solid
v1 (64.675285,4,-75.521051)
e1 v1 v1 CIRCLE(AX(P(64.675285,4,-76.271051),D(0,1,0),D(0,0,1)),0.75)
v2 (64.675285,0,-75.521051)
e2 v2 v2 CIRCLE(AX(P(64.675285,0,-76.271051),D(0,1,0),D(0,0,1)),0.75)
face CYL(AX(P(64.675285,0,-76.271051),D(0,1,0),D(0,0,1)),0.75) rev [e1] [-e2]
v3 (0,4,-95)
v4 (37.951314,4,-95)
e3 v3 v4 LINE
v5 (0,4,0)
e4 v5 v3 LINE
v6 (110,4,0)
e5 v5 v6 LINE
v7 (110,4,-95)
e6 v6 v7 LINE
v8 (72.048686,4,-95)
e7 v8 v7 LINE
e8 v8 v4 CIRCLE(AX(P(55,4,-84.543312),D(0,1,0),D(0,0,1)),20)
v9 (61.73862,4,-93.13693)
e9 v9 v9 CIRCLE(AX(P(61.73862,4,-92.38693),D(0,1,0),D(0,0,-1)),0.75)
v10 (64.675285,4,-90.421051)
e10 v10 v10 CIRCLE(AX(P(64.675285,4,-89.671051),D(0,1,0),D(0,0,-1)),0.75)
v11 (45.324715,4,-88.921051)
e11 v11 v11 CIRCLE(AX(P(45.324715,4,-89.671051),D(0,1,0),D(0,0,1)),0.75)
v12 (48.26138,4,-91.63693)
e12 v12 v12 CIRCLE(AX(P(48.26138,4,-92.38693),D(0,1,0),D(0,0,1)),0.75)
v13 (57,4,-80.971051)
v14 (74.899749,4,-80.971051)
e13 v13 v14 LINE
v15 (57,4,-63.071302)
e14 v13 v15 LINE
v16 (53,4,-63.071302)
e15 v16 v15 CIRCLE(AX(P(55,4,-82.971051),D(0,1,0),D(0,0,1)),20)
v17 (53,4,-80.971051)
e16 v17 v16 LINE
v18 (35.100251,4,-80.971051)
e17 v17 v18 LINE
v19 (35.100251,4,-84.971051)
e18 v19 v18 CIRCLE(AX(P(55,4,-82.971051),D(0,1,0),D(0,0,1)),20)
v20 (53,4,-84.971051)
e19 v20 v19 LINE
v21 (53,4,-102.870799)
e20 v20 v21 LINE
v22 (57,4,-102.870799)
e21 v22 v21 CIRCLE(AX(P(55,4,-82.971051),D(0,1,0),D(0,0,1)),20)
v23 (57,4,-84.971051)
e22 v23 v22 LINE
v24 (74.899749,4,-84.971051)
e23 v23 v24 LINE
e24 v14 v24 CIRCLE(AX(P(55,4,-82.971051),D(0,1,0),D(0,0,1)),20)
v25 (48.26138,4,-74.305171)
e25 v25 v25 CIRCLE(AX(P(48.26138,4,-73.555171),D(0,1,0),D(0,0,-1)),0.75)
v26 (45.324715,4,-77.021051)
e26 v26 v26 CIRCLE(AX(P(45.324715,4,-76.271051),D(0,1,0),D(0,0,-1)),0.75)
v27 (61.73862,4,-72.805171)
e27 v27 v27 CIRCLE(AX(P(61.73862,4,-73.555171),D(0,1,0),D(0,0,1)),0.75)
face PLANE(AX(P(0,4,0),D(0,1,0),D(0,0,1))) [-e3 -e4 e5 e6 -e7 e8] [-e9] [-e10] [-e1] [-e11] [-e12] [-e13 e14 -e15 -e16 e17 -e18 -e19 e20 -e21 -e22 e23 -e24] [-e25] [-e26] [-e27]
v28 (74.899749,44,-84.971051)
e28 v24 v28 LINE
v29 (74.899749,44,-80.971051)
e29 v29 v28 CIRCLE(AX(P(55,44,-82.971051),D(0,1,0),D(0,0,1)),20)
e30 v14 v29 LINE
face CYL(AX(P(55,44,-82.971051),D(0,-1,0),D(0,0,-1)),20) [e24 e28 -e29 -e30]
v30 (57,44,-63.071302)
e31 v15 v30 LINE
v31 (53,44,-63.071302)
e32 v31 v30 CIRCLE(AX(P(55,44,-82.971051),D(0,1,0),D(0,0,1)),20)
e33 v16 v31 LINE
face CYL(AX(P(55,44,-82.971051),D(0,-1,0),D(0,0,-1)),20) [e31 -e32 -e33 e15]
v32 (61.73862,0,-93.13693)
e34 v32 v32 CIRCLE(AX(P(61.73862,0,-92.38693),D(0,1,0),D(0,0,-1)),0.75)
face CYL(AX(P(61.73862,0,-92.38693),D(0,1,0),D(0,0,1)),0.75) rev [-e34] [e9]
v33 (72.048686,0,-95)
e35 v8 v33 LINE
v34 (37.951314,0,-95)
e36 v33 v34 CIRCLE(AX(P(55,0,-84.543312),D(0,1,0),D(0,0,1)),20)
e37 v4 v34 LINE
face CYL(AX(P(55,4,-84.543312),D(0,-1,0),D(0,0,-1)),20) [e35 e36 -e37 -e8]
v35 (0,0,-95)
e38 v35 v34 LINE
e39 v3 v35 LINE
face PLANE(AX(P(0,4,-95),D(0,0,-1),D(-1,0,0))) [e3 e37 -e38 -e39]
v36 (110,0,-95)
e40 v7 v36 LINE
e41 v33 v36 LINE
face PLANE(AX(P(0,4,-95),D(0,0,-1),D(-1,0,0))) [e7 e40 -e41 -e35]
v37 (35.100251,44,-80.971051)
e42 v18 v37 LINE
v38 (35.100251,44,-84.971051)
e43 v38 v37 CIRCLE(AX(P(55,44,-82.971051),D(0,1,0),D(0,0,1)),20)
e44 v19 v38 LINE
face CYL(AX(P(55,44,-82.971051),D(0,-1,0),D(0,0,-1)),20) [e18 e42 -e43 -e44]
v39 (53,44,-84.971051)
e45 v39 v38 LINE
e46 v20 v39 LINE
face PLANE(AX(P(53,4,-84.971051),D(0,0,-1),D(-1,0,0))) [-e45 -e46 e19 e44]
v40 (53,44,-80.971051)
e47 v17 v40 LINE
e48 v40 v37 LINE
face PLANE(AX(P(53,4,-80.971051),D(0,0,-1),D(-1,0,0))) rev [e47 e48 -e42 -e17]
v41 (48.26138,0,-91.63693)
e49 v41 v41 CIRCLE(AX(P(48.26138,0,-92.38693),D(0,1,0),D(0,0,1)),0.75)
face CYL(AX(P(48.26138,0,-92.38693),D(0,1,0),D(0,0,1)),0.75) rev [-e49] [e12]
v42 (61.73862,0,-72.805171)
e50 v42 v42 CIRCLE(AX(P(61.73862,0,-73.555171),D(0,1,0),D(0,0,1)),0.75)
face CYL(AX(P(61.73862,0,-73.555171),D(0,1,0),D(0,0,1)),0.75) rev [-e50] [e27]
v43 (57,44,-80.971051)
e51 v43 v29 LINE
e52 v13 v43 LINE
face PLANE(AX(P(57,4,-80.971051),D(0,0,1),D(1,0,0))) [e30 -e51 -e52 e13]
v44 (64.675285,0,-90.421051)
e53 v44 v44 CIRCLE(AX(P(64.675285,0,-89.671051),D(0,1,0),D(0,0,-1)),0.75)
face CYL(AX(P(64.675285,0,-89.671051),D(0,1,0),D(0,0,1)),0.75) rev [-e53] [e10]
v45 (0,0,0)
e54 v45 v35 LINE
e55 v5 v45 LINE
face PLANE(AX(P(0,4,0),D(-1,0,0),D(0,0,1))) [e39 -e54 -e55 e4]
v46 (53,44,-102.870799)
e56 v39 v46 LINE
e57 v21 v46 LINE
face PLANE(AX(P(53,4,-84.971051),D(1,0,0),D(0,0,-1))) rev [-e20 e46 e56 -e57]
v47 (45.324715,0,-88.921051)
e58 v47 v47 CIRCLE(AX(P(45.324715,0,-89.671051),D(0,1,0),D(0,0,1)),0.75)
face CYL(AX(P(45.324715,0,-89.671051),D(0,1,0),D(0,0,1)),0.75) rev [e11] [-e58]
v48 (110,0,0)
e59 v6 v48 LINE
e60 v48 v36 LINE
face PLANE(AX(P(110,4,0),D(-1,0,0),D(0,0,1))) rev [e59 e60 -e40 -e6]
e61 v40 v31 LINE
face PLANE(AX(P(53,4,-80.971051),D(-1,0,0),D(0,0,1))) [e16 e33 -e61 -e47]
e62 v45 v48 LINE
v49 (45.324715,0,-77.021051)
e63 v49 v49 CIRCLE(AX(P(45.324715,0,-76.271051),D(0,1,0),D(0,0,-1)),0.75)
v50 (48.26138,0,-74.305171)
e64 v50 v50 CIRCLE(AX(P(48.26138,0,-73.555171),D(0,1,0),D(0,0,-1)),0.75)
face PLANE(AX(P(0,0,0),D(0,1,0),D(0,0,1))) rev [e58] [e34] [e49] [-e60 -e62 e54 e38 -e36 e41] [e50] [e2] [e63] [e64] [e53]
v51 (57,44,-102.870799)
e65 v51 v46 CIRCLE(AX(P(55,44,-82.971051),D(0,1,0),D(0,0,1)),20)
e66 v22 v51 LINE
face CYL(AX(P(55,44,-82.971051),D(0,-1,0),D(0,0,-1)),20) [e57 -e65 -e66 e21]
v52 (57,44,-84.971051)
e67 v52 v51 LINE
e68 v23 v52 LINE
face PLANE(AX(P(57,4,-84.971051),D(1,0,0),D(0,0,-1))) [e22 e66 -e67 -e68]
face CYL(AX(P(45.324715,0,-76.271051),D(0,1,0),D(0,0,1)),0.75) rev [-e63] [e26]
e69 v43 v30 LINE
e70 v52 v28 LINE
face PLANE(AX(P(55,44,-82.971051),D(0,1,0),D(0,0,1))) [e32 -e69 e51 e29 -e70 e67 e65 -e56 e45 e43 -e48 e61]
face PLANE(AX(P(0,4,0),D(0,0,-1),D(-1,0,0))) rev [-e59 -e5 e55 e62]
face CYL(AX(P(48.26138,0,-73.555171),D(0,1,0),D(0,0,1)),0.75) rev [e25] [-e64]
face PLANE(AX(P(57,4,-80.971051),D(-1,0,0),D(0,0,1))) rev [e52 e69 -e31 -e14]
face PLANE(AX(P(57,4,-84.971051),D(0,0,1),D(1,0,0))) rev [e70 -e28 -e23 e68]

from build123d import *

# Parameters (mm, degrees)
BOSS_EXTRUDE4_DEPTH = 4
SKETCH3_R           = 20
BOSS_EXTRUDE5_DEPTH = 40
SKETCH4_W           = 38.356352869
SKETCH4_H           = 36.352662793
SKETCH4_W_2         = 41.648129421
SKETCH4_H_2         = 27.192936736
SKETCH4_W_3         = 57.677650023
SKETCH4_H_3         = 26.910385372
SKETCH4_W_4         = 38.070111429
SKETCH4_H_4         = 39.361887981
CUT_EXTRUDE5_DEPTH  = 40
SKETCH7_R           = 0.75
CUT_EXTRUDE6_DEPTH  = 5


with BuildPart() as part:
    # Sketch2 → Boss-Extrude4 (new body)
    with BuildSketch(Plane(origin=(0, 0, 0), x_dir=(1, 0, 0), z_dir=(0, 1, 0))):
        with BuildLine():
            Line((0, 95), (0, 0))
            Line((0, 0), (110, 0))
            Line((110, 0), (110, 95))
            Line((110, 95), (72.04868569, 95))
            ThreePointArc((72.04868569, 95), (55, 104.543312367), (37.95131431, 95))
            Line((37.95131431, 95), (0, 95))
        make_face()
    extrude(amount=BOSS_EXTRUDE4_DEPTH)

    # Sketch3 → Boss-Extrude5 (add)
    with BuildSketch(Plane(origin=(0, 4, 0), x_dir=(1, 0, 0), z_dir=(0, 1, 0))):
        with Locations((55, 82.97105055)):
            Circle(SKETCH3_R)
    extrude(amount=BOSS_EXTRUDE5_DEPTH)

    # Sketch4 → Cut-Extrude5 (cut)
    with BuildSketch(Plane(origin=(0, 44, 0), x_dir=(1, 0, 0), z_dir=(0, 1, 0))):
        with Locations((33.821823565, 62.794719153)):
            Rectangle(SKETCH4_W, SKETCH4_H)
        with Locations((32.17593529, 98.567518918)):
            Rectangle(SKETCH4_W_2, SKETCH4_H_2)
        with Locations((85.838825012, 98.426243236)):
            Rectangle(SKETCH4_W_3, SKETCH4_H_3)
        with Locations((76.035055715, 61.29010656)):
            Rectangle(SKETCH4_W_4, SKETCH4_H_4)
    extrude(amount=-CUT_EXTRUDE5_DEPTH, mode=Mode.SUBTRACT)

    # Sketch7 → Cut-Extrude6 (cut, through all)
    with BuildSketch(Plane(origin=(0, 4, 0), x_dir=(1, 0, 0), z_dir=(0, 1, 0))):
        with Locations((45.324714989, 89.67105055)):
            Circle(SKETCH7_R)
        with Locations((48.261379546, 92.386930017)):
            Circle(SKETCH7_R)
        with Locations((61.738620454, 92.386930017)):
            Circle(SKETCH7_R)
        with Locations((64.675285011, 89.67105055)):
            Circle(SKETCH7_R)
        with Locations((64.675285011, 76.27105055)):
            Circle(SKETCH7_R)
        with Locations((61.738620454, 73.555171083)):
            Circle(SKETCH7_R)
        with Locations((48.261379546, 73.555171083)):
            Circle(SKETCH7_R)
        with Locations((45.324714989, 76.27105055)):
            Circle(SKETCH7_R)
    extrude(amount=-CUT_EXTRUDE6_DEPTH, mode=Mode.SUBTRACT)


solid = part.part
